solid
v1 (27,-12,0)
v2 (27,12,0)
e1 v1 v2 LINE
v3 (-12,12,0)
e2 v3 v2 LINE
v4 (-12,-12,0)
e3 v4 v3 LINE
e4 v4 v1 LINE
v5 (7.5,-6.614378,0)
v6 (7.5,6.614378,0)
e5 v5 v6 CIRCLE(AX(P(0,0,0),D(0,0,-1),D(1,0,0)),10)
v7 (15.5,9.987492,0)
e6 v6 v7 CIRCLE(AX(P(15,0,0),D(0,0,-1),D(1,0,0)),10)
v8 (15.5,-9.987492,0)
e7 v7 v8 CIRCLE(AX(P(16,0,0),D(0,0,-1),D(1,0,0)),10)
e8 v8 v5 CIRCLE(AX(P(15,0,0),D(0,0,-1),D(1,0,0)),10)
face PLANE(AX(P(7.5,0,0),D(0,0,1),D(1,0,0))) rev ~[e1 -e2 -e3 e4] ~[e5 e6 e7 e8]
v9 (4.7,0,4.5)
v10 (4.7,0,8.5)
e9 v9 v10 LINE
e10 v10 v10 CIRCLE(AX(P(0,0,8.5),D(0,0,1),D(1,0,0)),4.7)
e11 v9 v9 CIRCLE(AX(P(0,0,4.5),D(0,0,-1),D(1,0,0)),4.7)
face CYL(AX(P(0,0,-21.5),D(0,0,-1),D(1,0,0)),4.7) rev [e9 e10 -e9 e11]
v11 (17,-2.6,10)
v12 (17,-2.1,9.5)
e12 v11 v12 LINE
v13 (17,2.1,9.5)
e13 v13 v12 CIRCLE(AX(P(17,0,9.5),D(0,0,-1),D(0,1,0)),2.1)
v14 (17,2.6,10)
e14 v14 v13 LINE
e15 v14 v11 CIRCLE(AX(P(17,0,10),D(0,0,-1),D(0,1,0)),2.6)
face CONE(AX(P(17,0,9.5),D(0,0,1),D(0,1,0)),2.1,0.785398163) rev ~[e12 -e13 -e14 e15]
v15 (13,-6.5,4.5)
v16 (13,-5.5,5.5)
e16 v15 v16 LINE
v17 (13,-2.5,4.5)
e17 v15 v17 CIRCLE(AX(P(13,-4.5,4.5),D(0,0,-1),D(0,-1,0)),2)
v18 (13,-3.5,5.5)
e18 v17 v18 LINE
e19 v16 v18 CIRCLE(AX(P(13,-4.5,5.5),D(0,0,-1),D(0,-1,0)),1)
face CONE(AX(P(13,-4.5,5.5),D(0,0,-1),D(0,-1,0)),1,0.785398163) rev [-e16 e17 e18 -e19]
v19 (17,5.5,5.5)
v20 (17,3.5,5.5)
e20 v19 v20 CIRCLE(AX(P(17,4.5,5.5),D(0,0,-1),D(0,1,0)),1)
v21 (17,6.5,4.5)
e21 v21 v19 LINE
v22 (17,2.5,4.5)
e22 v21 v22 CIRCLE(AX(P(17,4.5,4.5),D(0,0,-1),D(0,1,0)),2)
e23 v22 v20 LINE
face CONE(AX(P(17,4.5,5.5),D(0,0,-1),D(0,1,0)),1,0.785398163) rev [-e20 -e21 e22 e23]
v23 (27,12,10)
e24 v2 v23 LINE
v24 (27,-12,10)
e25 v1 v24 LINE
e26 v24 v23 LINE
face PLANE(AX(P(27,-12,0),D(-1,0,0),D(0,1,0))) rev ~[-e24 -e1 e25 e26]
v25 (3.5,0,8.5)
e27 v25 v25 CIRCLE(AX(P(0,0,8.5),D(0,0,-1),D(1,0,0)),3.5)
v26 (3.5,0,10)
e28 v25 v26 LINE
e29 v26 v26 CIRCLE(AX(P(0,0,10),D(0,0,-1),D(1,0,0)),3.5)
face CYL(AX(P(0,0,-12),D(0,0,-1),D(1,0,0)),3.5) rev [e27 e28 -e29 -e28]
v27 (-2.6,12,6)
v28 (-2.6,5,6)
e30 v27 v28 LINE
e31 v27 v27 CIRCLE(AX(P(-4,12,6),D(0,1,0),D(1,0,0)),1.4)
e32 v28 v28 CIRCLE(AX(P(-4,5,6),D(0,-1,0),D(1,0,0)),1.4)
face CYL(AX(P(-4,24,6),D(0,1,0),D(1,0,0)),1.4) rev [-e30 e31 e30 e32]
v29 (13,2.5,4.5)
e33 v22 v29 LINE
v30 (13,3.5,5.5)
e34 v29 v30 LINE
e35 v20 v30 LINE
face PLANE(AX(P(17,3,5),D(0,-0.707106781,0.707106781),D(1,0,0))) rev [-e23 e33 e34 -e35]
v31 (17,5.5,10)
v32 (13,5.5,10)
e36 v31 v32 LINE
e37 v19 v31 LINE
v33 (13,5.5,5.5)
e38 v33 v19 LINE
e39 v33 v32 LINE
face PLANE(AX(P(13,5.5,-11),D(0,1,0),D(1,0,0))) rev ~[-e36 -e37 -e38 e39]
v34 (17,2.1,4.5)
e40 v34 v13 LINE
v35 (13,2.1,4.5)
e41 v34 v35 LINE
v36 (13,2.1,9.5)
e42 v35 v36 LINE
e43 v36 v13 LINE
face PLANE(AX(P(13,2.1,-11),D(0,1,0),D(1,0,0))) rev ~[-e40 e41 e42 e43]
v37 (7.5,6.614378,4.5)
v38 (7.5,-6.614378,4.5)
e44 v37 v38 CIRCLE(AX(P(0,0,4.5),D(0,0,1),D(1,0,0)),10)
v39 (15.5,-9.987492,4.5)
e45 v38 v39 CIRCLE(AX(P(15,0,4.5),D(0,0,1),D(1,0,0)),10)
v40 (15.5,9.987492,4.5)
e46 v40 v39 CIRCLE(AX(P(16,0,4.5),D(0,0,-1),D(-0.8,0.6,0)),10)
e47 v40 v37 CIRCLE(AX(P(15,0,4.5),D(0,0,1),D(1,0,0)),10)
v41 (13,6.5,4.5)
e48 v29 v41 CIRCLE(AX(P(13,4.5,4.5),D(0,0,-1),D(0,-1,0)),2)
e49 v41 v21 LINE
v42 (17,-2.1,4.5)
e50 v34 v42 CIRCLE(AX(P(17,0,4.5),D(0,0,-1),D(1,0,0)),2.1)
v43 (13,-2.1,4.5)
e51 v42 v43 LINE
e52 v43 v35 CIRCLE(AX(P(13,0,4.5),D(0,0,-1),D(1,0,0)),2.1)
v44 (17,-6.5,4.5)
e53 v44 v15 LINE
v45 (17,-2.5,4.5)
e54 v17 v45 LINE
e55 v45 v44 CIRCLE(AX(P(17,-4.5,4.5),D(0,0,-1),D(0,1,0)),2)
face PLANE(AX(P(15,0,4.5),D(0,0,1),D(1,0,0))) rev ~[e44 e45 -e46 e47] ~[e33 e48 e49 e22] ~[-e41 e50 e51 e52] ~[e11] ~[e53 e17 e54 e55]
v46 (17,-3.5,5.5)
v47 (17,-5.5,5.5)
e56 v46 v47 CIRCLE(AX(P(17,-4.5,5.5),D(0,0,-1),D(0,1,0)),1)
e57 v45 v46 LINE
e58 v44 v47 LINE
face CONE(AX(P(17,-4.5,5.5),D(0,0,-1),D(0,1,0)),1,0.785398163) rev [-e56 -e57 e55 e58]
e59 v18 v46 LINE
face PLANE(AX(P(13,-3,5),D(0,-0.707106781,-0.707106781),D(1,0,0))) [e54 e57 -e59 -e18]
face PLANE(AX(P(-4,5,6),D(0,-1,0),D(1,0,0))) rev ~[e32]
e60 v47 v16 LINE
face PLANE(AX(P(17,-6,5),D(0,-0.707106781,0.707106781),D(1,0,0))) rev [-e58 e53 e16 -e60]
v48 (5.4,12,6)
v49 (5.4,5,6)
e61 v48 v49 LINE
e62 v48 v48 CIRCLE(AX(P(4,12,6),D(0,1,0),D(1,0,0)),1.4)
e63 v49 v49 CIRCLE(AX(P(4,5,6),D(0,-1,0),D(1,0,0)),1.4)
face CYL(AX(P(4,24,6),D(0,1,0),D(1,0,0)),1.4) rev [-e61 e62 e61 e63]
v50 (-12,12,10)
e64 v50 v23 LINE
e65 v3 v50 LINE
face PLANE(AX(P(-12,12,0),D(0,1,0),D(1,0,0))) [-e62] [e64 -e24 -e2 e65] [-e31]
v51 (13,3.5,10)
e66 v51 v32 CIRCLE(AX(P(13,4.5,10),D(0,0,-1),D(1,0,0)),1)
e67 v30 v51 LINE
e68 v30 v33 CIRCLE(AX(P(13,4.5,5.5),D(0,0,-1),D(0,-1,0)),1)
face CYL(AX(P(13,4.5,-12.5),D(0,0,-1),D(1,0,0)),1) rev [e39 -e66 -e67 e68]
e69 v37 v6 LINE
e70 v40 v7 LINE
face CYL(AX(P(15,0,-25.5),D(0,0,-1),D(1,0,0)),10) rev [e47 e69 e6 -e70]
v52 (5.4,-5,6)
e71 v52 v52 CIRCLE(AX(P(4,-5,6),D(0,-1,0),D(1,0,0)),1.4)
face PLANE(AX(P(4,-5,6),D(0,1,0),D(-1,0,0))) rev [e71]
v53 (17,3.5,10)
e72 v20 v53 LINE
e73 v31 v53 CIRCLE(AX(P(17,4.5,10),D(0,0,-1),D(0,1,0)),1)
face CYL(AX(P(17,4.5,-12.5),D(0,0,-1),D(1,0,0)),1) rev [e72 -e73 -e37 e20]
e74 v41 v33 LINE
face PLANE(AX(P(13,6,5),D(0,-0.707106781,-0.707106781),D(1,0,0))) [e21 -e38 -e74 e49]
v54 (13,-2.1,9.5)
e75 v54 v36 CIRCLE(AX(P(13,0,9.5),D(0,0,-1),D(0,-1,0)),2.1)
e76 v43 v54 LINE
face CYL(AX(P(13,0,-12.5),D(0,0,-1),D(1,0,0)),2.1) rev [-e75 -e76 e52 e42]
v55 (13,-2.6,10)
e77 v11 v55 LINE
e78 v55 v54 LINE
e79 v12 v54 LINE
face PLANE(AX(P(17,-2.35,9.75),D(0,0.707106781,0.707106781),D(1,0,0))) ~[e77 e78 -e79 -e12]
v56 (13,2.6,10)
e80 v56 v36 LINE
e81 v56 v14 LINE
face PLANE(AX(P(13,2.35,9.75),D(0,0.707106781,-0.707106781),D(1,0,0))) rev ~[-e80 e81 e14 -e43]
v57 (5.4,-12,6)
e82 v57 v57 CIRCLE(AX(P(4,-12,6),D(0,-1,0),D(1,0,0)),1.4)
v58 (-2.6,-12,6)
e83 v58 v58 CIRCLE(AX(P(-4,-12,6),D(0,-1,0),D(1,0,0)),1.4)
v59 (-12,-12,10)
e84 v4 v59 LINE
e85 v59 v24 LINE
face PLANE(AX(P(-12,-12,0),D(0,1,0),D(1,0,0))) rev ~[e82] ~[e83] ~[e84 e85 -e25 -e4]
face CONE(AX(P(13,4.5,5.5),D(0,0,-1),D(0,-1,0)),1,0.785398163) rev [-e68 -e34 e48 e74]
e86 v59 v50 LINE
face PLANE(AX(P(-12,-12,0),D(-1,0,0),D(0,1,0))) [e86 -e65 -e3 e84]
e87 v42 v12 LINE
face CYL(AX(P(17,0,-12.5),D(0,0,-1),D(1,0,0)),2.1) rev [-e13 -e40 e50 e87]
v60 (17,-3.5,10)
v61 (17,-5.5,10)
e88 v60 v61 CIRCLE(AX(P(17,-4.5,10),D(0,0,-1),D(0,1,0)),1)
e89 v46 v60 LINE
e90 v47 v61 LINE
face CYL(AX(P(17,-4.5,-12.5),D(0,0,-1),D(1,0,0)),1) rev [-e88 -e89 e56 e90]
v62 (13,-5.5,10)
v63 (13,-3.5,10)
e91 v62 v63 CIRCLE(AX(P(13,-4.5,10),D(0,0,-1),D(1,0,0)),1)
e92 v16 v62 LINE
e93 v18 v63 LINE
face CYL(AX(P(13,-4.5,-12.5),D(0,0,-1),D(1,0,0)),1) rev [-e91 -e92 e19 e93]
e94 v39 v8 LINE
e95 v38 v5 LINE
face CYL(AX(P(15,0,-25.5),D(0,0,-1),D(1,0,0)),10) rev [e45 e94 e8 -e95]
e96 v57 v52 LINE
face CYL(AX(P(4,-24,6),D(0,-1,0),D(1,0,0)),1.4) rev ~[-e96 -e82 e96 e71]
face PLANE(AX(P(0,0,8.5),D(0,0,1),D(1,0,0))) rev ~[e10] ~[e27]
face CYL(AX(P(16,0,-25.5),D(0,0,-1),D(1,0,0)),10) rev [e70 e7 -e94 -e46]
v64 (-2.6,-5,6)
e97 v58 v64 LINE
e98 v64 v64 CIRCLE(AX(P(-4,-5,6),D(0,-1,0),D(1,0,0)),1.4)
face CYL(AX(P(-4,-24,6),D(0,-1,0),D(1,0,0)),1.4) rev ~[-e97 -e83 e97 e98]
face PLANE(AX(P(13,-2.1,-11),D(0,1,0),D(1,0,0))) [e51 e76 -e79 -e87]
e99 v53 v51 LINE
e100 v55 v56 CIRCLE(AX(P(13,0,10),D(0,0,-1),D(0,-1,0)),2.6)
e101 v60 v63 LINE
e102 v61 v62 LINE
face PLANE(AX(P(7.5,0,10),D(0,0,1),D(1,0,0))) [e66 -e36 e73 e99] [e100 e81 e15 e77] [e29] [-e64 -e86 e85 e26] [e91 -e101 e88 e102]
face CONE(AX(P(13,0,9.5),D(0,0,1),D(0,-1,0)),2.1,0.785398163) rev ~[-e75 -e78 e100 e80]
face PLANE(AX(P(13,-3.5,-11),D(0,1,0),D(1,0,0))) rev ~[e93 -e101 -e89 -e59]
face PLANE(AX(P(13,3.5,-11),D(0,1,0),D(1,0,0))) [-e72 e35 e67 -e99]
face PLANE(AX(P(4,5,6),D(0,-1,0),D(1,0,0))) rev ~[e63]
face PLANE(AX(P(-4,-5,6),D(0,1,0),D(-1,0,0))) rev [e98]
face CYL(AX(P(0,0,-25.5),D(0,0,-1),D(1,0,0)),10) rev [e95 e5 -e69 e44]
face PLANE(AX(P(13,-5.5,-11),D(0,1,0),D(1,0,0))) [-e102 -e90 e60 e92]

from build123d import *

# Parameters (mm, degrees)
CYLINDER028_R          = 1.4
CYLINDER028_DEPTH      = 19
CYLINDER028_ROLL_ANGLE = 90
CYLINDER031_R          = 1.4
CYLINDER031_DEPTH      = 19
CYLINDER031_ROLL_ANGLE = 90
CYLINDER032_R          = 1.4
CYLINDER032_DEPTH      = 19
CYLINDER032_ROLL_ANGLE = 90
CYLINDER027_R          = 1.4
CYLINDER027_DEPTH      = 19
CYLINDER027_ROLL_ANGLE = 90
CYLINDER021_R          = 1
CYLINDER021_DEPTH      = 30
CYLINDER022_R          = 1
CYLINDER022_DEPTH      = 30
BOX001007_W            = 4
BOX001007_H            = 4.2
BOX001007_DEPTH        = 27
CYLINDER020_R          = 2.1
CYLINDER020_DEPTH      = 30
CYLINDER023_R          = 2.1
CYLINDER023_DEPTH      = 30
CYLINDER024_R          = 1
CYLINDER024_DEPTH      = 30
BOX001008_W            = 4
BOX001008_H            = 2
BOX001008_DEPTH        = 27
CYLINDER025_R          = 1
CYLINDER025_DEPTH      = 30
BOX001009_W            = 4
BOX001009_H            = 2
BOX001009_DEPTH        = 27
CYLINDER016_R          = 3.5
CYLINDER016_DEPTH      = 30
CYLINDER017_R          = 4.7
CYLINDER017_DEPTH      = 30
CYLINDER018_R          = 10
CYLINDER018_DEPTH      = 30
CYLINDER026_R          = 10
CYLINDER026_DEPTH      = 30
CYLINDER019_R          = 10
CYLINDER019_DEPTH      = 30
BOX001006_W            = 39
BOX001006_H            = 24
BOX001006_DEPTH        = 10
CHAMFER_SIZE           = 1
CHAMFER014_SIZE        = 0.5


with BuildPart() as cylinder028:
    # Cylinder028 → Cylinder028 (new body)
    with BuildSketch(Plane.XY):
        Circle(CYLINDER028_R)
    extrude(amount=CYLINDER028_DEPTH)


with BuildPart() as cylinder028_1:
    # Cylinder028 roll: moved
    add(cylinder028.part.rotate(Axis((0, 0, 0), (1, 0, 0)), CYLINDER028_ROLL_ANGLE))


with BuildPart() as cylinder028_2:
    # Cylinder028 placement: moved
    add(cylinder028_1.part.moved(Location((4, 24, 6))))


with BuildPart() as cylinder031:
    # Cylinder031 → Cylinder031 (new body)
    with BuildSketch(Plane.XY):
        Circle(CYLINDER031_R)
    extrude(amount=CYLINDER031_DEPTH)


with BuildPart() as cylinder031_1:
    # Cylinder031 roll: moved
    add(cylinder031.part.rotate(Axis((0, 0, 0), (1, 0, 0)), CYLINDER031_ROLL_ANGLE))


with BuildPart() as cylinder031_2:
    # Cylinder031 placement: moved
    add(cylinder031_1.part.moved(Location((-4, 24, 6))))


with BuildPart() as part_mirroring:
    # Part__Mirroring: instance of Cylinder031
    add(cylinder031_2.part.mirror(Plane(origin=(0, 0, 0), x_dir=(1, 0, 0), z_dir=(0, 1, 0))))


with BuildPart() as cylinder032:
    # Cylinder032 → Cylinder032 (new body)
    with BuildSketch(Plane.XY):
        Circle(CYLINDER032_R)
    extrude(amount=CYLINDER032_DEPTH)


with BuildPart() as cylinder032_1:
    # Cylinder032 roll: moved
    add(cylinder032.part.rotate(Axis((0, 0, 0), (1, 0, 0)), CYLINDER032_ROLL_ANGLE))


with BuildPart() as cylinder032_2:
    # Cylinder032 placement: moved
    add(cylinder032_1.part.moved(Location((4, 24, 6))))


with BuildPart() as part_mirroring001:
    # Part__Mirroring001: instance of Cylinder032
    add(cylinder032_2.part.mirror(Plane(origin=(0, 0, 0), x_dir=(1, 0, 0), z_dir=(0, 1, 0))))


with BuildPart() as m3_tap_a:
    # Cylinder027 → Cylinder027 (new body)
    with BuildSketch(Plane.XY):
        Circle(CYLINDER027_R)
    extrude(amount=CYLINDER027_DEPTH)


with BuildPart() as m3_tap_a_1:
    # Cylinder027 roll: moved
    add(m3_tap_a.part.rotate(Axis((0, 0, 0), (1, 0, 0)), CYLINDER027_ROLL_ANGLE))


with BuildPart() as m3_tap_a_2:
    # Cylinder027 placement: moved
    add(m3_tap_a_1.part.moved(Location((-4, 24, 6))))

    # Fusion056: union Cylinder028, Part__Mirroring, Part__Mirroring001
    add(cylinder028_2.part)
    add(part_mirroring.part)
    add(part_mirroring001.part)


with BuildPart() as cylinder021:
    # Cylinder021 → Cylinder021 (new body)
    with BuildSketch(Plane(origin=(17, -4.5, -12.5), x_dir=(1, 0, 0), z_dir=(0, 0, 1))):
        Circle(CYLINDER021_R)
    extrude(amount=CYLINDER021_DEPTH)


with BuildPart() as cylinder022:
    # Cylinder022 → Cylinder022 (new body)
    with BuildSketch(Plane(origin=(17, 4.5, -12.5), x_dir=(1, 0, 0), z_dir=(0, 0, 1))):
        Circle(CYLINDER022_R)
    extrude(amount=CYLINDER022_DEPTH)


with BuildPart() as cube005:
    # Box001007 → Box001007 (new body)
    with BuildSketch(Plane(origin=(13, -2.1, -11), x_dir=(1, 0, 0), z_dir=(0, 0, 1))):
        with Locations((2, 2.1)):
            Rectangle(BOX001007_W, BOX001007_H)
    extrude(amount=BOX001007_DEPTH)


with BuildPart() as cylinder020:
    # Cylinder020 → Cylinder020 (new body)
    with BuildSketch(Plane(origin=(17, 0, -12.5), x_dir=(1, 0, 0), z_dir=(0, 0, 1))):
        Circle(CYLINDER020_R)
    extrude(amount=CYLINDER020_DEPTH)


with BuildPart() as cylinder023:
    # Cylinder023 → Cylinder023 (new body)
    with BuildSketch(Plane(origin=(13, 0, -12.5), x_dir=(1, 0, 0), z_dir=(0, 0, 1))):
        Circle(CYLINDER023_R)
    extrude(amount=CYLINDER023_DEPTH)


with BuildPart() as cylinder024:
    # Cylinder024 → Cylinder024 (new body)
    with BuildSketch(Plane(origin=(13, -4.5, -12.5), x_dir=(1, 0, 0), z_dir=(0, 0, 1))):
        Circle(CYLINDER024_R)
    extrude(amount=CYLINDER024_DEPTH)


with BuildPart() as cube006:
    # Box001008 → Box001008 (new body)
    with BuildSketch(Plane(origin=(13, -5.5, -11), x_dir=(1, 0, 0), z_dir=(0, 0, 1))):
        with Locations((2, 1)):
            Rectangle(BOX001008_W, BOX001008_H)
    extrude(amount=BOX001008_DEPTH)


with BuildPart() as cylinder025:
    # Cylinder025 → Cylinder025 (new body)
    with BuildSketch(Plane(origin=(13, 4.5, -12.5), x_dir=(1, 0, 0), z_dir=(0, 0, 1))):
        Circle(CYLINDER025_R)
    extrude(amount=CYLINDER025_DEPTH)


with BuildPart() as motor_slots:
    # Box001009 → Box001009 (new body)
    with BuildSketch(Plane(origin=(13, 3.5, -11), x_dir=(1, 0, 0), z_dir=(0, 0, 1))):
        with Locations((2, 1)):
            Rectangle(BOX001009_W, BOX001009_H)
    extrude(amount=BOX001009_DEPTH)

    # Fusion052: union Cylinder021, Cylinder022, Cube005, Cylinder020, Cylinder023, Cylinder024, Cube006, Cylinder025
    add(cylinder021.part)
    add(cylinder022.part)
    add(cube005.part)
    add(cylinder020.part)
    add(cylinder023.part)
    add(cylinder024.part)
    add(cube006.part)
    add(cylinder025.part)


with BuildPart() as cylinder016:
    # Cylinder016 → Cylinder016 (new body)
    with BuildSketch(Plane.XY.offset(-12)):
        Circle(CYLINDER016_R)
    extrude(amount=CYLINDER016_DEPTH)


with BuildPart() as cylinder017:
    # Cylinder017 → Cylinder017 (new body)
    with BuildSketch(Plane.XY.offset(-21.5)):
        Circle(CYLINDER017_R)
    extrude(amount=CYLINDER017_DEPTH)


with BuildPart() as cylinder018:
    # Cylinder018 → Cylinder018 (new body)
    with BuildSketch(Plane.XY.offset(-25.5)):
        Circle(CYLINDER018_R)
    extrude(amount=CYLINDER018_DEPTH)


with BuildPart() as cylinder026:
    # Cylinder026 → Cylinder026 (new body)
    with BuildSketch(Plane(origin=(15, 0, -25.5), x_dir=(1, 0, 0), z_dir=(0, 0, 1))):
        Circle(CYLINDER026_R)
    extrude(amount=CYLINDER026_DEPTH)


with BuildPart() as fusion054:
    # Cylinder019 → Cylinder019 (new body)
    with BuildSketch(Plane(origin=(16, 0, -25.5), x_dir=(1, 0, 0), z_dir=(0, 0, 1))):
        Circle(CYLINDER019_R)
    extrude(amount=CYLINDER019_DEPTH)

    # Fusion053: union Cylinder016, Cylinder017, Cylinder018, Cylinder026
    add(cylinder016.part)
    add(cylinder017.part)
    add(cylinder018.part)
    add(cylinder026.part)

    # Fusion054: union motor-slots
    add(motor_slots.part)


with BuildPart() as gearbox:
    # Box001006 → Box001006 (new body)
    with BuildSketch(Plane(origin=(-12, -12, 0), x_dir=(1, 0, 0), z_dir=(0, 0, 1))):
        with Locations((19.5, 12)):
            Rectangle(BOX001006_W, BOX001006_H)
    extrude(amount=BOX001006_DEPTH)

    # Cut005: cut Fusion054
    add(fusion054.part, mode=Mode.SUBTRACT)

    # Chamfer
    chamfer_edges = [gearbox.edges().sort_by_distance(p)[0] for p in [
        (12, 4.5, 4.5),
        (15, 3.5, 4.5),
        (17.707107, 3.792893, 4.5),
        (17.707107, 5.207107, 4.5),
        (15, 5.5, 4.5),
        (17.707107, -5.207107, 4.5),
        (17.707107, -3.792893, 4.5),
        (15, -3.5, 4.5),
        (12, -4.5, 4.5),
        (15, -5.5, 4.5),
    ]]
    chamfer(chamfer_edges, length=CHAMFER_SIZE)

    # Cut007: cut M3-tap-a
    add(m3_tap_a_2.part, mode=Mode.SUBTRACT)

    # Chamfer014
    chamfer014_edges = [gearbox.edges().sort_by_distance(p)[0] for p in [
        (18.484924, 1.484924, 10),
        (15, 2.1, 10),
        (10.9, 0, 10),
        (15, -2.1, 10),
        (18.484924, -1.484924, 10),
    ]]
    chamfer(chamfer014_edges, length=CHAMFER014_SIZE)


solid = gearbox.part
